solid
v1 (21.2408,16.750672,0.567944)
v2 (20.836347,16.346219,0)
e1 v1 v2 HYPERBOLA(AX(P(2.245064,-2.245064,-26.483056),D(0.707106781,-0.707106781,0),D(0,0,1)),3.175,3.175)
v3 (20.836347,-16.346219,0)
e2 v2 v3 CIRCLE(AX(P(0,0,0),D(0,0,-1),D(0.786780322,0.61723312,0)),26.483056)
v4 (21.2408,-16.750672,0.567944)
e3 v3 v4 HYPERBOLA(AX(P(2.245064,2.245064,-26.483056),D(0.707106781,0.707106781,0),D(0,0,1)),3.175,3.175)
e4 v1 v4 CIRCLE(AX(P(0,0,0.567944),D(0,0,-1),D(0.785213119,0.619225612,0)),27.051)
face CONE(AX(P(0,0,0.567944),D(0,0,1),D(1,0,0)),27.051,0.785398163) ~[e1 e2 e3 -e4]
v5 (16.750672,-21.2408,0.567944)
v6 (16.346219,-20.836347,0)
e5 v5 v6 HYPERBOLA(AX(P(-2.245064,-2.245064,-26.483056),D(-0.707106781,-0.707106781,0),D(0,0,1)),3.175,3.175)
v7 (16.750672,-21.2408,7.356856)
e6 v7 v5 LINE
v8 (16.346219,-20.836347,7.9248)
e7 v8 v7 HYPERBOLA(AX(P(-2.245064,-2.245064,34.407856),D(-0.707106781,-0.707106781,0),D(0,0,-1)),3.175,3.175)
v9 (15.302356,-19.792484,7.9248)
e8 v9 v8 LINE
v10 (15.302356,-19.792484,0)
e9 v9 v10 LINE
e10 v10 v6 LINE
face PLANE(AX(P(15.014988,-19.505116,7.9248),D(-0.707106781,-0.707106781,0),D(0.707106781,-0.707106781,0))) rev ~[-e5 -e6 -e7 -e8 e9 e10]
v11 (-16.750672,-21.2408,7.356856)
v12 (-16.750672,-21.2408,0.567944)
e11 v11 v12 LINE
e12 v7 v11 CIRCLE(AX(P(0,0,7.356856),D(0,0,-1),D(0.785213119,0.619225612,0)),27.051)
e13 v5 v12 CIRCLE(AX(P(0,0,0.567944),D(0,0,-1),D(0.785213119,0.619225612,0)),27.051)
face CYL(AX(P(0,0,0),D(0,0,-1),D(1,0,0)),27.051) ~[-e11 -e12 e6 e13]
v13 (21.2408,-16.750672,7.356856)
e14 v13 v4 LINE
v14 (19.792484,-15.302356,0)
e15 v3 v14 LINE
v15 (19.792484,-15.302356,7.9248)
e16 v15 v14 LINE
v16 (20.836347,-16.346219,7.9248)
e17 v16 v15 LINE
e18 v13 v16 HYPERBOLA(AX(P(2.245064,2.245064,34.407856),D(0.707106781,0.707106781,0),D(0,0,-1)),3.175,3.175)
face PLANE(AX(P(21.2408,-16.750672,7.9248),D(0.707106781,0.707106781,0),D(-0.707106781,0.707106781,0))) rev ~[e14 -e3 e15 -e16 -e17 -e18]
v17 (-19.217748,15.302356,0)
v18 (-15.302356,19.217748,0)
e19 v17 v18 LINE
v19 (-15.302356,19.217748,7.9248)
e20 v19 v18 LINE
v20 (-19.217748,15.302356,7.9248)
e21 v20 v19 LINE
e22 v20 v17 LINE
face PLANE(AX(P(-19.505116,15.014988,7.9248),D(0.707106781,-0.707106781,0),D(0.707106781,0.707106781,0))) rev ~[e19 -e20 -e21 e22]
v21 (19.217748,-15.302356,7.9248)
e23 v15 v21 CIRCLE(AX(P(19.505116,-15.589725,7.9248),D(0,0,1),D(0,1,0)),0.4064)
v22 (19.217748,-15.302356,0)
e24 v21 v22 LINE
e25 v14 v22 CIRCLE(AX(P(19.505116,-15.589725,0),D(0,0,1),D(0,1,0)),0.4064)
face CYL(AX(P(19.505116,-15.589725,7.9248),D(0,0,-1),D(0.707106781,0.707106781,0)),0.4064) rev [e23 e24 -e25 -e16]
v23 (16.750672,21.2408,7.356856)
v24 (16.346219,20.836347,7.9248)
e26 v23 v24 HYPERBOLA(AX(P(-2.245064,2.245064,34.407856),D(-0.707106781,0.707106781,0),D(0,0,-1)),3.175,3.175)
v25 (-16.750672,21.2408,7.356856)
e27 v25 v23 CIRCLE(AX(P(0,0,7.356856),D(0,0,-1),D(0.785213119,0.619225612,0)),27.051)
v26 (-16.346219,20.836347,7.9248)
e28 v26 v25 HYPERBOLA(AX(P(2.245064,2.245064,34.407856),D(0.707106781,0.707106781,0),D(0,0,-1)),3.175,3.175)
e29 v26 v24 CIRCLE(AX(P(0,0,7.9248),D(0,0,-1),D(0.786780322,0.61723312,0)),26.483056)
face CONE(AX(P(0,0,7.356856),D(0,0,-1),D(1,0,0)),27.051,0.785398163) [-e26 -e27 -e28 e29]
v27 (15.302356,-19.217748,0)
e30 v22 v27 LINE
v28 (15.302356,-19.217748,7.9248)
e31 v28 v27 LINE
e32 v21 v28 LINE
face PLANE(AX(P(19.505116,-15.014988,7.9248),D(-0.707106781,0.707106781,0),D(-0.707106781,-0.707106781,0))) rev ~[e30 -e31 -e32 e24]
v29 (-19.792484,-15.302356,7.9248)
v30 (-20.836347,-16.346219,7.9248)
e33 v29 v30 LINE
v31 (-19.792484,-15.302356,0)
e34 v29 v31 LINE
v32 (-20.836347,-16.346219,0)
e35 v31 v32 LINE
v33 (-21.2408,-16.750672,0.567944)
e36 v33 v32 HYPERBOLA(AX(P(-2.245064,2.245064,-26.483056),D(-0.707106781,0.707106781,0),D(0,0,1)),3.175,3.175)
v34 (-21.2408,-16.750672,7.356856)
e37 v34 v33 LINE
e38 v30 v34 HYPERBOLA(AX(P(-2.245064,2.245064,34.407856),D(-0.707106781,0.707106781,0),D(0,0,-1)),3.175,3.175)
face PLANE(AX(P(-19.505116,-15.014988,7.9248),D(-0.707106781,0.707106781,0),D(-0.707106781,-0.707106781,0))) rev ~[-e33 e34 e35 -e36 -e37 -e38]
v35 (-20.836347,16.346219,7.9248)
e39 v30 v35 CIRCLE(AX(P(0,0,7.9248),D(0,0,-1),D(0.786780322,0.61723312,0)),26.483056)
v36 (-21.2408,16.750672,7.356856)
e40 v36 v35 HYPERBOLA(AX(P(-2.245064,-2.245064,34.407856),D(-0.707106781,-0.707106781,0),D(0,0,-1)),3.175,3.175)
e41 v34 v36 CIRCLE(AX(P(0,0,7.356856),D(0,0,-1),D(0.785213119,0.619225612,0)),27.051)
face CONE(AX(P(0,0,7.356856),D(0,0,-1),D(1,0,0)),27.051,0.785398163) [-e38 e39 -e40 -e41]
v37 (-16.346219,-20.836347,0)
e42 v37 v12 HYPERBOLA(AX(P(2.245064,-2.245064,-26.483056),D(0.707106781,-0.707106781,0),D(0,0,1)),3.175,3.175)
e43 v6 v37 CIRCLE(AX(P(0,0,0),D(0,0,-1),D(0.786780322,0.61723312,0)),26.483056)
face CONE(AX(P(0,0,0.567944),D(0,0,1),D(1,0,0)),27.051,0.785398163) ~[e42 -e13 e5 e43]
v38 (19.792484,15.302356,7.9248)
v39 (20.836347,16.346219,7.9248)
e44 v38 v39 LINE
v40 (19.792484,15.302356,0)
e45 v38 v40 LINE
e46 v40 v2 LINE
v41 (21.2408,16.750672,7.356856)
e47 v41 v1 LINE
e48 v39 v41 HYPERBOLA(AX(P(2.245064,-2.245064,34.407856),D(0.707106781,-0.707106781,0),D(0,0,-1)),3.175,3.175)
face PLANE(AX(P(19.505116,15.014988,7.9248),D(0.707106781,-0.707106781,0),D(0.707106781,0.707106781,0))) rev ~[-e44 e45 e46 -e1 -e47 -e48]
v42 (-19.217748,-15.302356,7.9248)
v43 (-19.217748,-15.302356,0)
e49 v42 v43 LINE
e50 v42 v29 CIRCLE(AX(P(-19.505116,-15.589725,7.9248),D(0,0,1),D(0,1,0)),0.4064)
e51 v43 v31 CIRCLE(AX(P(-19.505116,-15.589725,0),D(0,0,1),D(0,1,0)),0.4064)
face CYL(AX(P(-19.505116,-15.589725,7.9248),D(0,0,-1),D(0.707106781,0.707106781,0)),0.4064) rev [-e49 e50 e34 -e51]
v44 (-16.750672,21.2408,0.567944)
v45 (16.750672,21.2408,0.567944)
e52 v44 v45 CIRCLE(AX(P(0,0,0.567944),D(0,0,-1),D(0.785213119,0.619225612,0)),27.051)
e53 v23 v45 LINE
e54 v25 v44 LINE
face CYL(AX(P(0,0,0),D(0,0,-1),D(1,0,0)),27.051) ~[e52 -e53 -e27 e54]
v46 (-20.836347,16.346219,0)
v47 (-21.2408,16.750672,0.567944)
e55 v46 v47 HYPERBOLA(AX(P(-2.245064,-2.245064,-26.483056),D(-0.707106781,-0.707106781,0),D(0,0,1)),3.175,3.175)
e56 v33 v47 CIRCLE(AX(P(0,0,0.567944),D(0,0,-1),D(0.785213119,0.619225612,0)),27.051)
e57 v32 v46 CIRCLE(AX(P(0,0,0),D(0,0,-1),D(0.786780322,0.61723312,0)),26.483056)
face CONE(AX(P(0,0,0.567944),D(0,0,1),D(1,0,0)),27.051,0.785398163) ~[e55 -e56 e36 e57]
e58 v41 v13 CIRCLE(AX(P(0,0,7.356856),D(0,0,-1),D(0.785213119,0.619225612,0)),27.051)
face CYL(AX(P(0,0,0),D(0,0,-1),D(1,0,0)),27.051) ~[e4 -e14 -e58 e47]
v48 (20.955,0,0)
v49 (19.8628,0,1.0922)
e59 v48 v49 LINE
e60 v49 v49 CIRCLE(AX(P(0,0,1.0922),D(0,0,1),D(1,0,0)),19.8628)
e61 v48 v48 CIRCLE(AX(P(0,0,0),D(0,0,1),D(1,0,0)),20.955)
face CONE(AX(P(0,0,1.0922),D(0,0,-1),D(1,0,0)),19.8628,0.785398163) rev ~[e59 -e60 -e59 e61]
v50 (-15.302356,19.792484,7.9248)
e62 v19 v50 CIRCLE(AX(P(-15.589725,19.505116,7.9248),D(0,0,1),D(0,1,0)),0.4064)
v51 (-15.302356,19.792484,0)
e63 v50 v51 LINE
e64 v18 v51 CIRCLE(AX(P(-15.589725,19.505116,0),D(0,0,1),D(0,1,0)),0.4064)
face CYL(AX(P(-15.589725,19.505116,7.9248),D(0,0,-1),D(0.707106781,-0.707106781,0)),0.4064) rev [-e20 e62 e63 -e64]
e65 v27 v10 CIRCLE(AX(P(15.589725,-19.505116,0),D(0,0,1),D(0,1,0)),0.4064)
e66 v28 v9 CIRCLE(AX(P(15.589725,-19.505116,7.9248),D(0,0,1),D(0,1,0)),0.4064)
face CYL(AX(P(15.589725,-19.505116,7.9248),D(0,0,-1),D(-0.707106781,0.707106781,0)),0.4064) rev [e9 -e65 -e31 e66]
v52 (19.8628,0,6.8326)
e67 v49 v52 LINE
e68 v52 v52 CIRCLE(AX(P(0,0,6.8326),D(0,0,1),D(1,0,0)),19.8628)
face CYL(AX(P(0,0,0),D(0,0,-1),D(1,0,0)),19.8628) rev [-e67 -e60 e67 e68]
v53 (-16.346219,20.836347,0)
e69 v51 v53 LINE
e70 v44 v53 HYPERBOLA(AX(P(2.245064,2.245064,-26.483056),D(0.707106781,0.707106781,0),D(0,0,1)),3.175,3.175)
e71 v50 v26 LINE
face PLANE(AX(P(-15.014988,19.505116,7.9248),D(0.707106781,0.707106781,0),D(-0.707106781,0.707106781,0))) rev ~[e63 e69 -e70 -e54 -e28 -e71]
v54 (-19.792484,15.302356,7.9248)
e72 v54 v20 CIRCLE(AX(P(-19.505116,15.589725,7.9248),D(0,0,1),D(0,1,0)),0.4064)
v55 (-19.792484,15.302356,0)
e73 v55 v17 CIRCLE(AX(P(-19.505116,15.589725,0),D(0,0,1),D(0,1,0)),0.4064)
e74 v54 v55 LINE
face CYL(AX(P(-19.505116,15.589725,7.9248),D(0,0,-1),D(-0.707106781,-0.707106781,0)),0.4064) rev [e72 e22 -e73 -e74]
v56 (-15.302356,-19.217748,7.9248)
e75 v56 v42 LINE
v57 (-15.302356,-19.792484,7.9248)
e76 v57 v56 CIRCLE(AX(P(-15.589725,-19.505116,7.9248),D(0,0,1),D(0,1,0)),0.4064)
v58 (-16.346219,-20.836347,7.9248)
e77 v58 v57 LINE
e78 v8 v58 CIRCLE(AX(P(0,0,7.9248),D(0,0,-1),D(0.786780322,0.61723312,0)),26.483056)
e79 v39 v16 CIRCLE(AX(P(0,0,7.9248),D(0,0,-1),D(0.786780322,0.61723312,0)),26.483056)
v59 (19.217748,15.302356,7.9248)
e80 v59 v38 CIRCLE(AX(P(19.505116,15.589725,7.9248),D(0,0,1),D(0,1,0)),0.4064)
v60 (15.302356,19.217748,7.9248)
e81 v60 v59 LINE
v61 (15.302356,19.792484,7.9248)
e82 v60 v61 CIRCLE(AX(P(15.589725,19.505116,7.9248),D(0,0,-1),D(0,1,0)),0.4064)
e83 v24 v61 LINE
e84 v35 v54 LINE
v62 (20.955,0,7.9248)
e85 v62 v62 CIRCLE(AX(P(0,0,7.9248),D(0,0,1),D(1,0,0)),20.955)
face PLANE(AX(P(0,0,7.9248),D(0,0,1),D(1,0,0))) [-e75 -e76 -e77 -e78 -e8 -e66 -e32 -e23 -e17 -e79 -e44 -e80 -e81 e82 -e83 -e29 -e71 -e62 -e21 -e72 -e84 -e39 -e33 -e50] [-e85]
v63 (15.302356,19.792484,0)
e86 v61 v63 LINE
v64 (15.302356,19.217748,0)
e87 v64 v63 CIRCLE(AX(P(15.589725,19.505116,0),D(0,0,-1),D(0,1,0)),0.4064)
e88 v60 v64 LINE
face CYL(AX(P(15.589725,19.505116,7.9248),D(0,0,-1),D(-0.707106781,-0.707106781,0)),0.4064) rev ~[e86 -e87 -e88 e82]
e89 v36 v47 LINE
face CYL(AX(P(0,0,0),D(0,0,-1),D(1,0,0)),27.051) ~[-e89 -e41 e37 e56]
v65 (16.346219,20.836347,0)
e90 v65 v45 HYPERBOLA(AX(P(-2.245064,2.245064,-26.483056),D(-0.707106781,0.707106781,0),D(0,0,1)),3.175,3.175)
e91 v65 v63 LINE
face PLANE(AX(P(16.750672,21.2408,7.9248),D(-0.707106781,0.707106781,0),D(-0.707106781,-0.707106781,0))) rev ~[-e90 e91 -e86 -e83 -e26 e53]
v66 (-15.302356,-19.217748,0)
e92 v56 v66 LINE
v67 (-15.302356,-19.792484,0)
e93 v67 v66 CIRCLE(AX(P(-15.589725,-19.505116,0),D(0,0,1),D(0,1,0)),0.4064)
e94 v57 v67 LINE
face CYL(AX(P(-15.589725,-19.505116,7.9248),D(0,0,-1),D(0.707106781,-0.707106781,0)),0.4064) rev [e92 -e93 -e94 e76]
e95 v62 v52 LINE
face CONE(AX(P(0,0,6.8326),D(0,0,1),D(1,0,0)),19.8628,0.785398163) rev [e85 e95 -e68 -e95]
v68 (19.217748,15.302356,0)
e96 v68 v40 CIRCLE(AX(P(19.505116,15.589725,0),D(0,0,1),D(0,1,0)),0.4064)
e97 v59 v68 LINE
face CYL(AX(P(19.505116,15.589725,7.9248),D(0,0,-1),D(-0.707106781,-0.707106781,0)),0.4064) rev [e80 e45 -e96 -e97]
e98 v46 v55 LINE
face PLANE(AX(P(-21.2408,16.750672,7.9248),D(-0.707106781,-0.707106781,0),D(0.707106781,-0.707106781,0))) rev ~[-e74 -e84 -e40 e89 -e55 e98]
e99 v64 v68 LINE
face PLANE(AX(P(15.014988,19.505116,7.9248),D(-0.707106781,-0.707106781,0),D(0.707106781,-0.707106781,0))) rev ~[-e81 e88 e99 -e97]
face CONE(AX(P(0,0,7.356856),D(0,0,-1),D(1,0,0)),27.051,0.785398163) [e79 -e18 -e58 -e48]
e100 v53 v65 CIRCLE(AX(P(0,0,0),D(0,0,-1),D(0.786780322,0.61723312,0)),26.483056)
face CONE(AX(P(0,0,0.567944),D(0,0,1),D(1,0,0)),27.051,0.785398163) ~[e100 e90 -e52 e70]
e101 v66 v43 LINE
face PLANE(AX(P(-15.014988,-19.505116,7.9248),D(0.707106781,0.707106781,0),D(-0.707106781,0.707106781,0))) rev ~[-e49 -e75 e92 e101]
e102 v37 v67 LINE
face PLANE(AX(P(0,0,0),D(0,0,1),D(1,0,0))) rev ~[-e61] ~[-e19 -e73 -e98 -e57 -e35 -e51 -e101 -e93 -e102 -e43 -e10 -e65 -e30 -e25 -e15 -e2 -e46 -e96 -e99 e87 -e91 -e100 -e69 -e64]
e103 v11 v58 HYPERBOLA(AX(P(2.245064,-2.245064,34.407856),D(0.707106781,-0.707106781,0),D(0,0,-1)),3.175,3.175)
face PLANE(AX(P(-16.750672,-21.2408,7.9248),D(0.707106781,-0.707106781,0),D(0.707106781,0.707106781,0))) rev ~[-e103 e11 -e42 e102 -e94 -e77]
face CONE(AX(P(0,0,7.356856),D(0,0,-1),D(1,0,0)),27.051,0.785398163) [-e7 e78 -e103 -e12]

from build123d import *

# Parameters (mm, degrees)
SKETCH1_R                = 27.051
SKETCH1_R_2              = 19.8628
EXTRUDE1_DEPTH           = 7.9248
CHAMFER1_SIZE            = 0.567944
CHAMFER2_SIZE            = 1.0922
CUT_EXTRUDE1_DEPTH       = 8.9248
FILLET1_R                = 0.4064
CIRPATTERN1_COUNT        = 4
FILLET1_OF_CIRPATTERN1_R = 0.4064


with BuildPart() as part:
    # Sketch1 → Extrude1 (new body)
    with BuildSketch(Plane.XY):
        Circle(SKETCH1_R)
        Circle(SKETCH1_R_2, mode=Mode.SUBTRACT)
    extrude(amount=EXTRUDE1_DEPTH)

    # Chamfer1
    chamfer1_edges = [part.edges().sort_by_distance(p)[0] for p in [
        (-27.051, 0, 0),
        (-27.051, 0, 7.9248),
    ]]
    chamfer(chamfer1_edges, length=CHAMFER1_SIZE)

    # Chamfer2
    chamfer2_edges = [part.edges().sort_by_distance(p)[0] for p in [
        (-19.8628, 0, 0),
        (-19.8628, 0, 7.9248),
    ]]
    chamfer(chamfer2_edges, length=CHAMFER2_SIZE)

    # Sketch2 → Cut-Extrude1 (cut, through all)
    with BuildSketch(Plane.XY.offset(7.9248)):
        with BuildLine():
            Line((16.750672018, 21.240800078), (15.014988234, 19.505116295))
            Line((15.014988234, 19.505116295), (19.505116295, 15.014988234))
            Line((19.505116295, 15.014988234), (21.240800078, 16.750672018))
            ThreePointArc((21.240800078, 16.750672018), (19.127945538, 19.127945538), (16.750672018, 21.240800078))
        make_face()
    cut_extrude1 = extrude(amount=-CUT_EXTRUDE1_DEPTH, mode=Mode.SUBTRACT)

    # Fillet1
    fillet1_edges = [part.edges().sort_by_distance(p)[0] for p in [
        (19.505116295, 15.014988234, 3.9624),
        (15.014988234, 19.505116295, 3.9624),
    ]]
    fillet(fillet1_edges, radius=FILLET1_R)

    # CirPattern1: Cut-Extrude1 ×4 about axis
    cirpattern1_axis = Axis((0, 0, 0), (0, 0, 1))
    for i in range(1, CIRPATTERN1_COUNT):
        add(cut_extrude1.rotate(cirpattern1_axis, i * 360 / CIRPATTERN1_COUNT), mode=Mode.SUBTRACT)

    # Fillet1 of CirPattern1
    fillet1_of_cirpattern1_edges = [part.edges().sort_by_distance(p)[0] for p in [
        (-15.014988234, 19.505116295, 3.9624),
        (-19.505116295, 15.014988234, 3.9624),
        (-19.505116295, -15.014988234, 3.9624),
        (-15.014988234, -19.505116295, 3.9624),
        (15.014988234, -19.505116295, 3.9624),
        (19.505116295, -15.014988234, 3.9624),
    ]]
    fillet(fillet1_of_cirpattern1_edges, radius=FILLET1_OF_CIRPATTERN1_R)


solid = part.part
